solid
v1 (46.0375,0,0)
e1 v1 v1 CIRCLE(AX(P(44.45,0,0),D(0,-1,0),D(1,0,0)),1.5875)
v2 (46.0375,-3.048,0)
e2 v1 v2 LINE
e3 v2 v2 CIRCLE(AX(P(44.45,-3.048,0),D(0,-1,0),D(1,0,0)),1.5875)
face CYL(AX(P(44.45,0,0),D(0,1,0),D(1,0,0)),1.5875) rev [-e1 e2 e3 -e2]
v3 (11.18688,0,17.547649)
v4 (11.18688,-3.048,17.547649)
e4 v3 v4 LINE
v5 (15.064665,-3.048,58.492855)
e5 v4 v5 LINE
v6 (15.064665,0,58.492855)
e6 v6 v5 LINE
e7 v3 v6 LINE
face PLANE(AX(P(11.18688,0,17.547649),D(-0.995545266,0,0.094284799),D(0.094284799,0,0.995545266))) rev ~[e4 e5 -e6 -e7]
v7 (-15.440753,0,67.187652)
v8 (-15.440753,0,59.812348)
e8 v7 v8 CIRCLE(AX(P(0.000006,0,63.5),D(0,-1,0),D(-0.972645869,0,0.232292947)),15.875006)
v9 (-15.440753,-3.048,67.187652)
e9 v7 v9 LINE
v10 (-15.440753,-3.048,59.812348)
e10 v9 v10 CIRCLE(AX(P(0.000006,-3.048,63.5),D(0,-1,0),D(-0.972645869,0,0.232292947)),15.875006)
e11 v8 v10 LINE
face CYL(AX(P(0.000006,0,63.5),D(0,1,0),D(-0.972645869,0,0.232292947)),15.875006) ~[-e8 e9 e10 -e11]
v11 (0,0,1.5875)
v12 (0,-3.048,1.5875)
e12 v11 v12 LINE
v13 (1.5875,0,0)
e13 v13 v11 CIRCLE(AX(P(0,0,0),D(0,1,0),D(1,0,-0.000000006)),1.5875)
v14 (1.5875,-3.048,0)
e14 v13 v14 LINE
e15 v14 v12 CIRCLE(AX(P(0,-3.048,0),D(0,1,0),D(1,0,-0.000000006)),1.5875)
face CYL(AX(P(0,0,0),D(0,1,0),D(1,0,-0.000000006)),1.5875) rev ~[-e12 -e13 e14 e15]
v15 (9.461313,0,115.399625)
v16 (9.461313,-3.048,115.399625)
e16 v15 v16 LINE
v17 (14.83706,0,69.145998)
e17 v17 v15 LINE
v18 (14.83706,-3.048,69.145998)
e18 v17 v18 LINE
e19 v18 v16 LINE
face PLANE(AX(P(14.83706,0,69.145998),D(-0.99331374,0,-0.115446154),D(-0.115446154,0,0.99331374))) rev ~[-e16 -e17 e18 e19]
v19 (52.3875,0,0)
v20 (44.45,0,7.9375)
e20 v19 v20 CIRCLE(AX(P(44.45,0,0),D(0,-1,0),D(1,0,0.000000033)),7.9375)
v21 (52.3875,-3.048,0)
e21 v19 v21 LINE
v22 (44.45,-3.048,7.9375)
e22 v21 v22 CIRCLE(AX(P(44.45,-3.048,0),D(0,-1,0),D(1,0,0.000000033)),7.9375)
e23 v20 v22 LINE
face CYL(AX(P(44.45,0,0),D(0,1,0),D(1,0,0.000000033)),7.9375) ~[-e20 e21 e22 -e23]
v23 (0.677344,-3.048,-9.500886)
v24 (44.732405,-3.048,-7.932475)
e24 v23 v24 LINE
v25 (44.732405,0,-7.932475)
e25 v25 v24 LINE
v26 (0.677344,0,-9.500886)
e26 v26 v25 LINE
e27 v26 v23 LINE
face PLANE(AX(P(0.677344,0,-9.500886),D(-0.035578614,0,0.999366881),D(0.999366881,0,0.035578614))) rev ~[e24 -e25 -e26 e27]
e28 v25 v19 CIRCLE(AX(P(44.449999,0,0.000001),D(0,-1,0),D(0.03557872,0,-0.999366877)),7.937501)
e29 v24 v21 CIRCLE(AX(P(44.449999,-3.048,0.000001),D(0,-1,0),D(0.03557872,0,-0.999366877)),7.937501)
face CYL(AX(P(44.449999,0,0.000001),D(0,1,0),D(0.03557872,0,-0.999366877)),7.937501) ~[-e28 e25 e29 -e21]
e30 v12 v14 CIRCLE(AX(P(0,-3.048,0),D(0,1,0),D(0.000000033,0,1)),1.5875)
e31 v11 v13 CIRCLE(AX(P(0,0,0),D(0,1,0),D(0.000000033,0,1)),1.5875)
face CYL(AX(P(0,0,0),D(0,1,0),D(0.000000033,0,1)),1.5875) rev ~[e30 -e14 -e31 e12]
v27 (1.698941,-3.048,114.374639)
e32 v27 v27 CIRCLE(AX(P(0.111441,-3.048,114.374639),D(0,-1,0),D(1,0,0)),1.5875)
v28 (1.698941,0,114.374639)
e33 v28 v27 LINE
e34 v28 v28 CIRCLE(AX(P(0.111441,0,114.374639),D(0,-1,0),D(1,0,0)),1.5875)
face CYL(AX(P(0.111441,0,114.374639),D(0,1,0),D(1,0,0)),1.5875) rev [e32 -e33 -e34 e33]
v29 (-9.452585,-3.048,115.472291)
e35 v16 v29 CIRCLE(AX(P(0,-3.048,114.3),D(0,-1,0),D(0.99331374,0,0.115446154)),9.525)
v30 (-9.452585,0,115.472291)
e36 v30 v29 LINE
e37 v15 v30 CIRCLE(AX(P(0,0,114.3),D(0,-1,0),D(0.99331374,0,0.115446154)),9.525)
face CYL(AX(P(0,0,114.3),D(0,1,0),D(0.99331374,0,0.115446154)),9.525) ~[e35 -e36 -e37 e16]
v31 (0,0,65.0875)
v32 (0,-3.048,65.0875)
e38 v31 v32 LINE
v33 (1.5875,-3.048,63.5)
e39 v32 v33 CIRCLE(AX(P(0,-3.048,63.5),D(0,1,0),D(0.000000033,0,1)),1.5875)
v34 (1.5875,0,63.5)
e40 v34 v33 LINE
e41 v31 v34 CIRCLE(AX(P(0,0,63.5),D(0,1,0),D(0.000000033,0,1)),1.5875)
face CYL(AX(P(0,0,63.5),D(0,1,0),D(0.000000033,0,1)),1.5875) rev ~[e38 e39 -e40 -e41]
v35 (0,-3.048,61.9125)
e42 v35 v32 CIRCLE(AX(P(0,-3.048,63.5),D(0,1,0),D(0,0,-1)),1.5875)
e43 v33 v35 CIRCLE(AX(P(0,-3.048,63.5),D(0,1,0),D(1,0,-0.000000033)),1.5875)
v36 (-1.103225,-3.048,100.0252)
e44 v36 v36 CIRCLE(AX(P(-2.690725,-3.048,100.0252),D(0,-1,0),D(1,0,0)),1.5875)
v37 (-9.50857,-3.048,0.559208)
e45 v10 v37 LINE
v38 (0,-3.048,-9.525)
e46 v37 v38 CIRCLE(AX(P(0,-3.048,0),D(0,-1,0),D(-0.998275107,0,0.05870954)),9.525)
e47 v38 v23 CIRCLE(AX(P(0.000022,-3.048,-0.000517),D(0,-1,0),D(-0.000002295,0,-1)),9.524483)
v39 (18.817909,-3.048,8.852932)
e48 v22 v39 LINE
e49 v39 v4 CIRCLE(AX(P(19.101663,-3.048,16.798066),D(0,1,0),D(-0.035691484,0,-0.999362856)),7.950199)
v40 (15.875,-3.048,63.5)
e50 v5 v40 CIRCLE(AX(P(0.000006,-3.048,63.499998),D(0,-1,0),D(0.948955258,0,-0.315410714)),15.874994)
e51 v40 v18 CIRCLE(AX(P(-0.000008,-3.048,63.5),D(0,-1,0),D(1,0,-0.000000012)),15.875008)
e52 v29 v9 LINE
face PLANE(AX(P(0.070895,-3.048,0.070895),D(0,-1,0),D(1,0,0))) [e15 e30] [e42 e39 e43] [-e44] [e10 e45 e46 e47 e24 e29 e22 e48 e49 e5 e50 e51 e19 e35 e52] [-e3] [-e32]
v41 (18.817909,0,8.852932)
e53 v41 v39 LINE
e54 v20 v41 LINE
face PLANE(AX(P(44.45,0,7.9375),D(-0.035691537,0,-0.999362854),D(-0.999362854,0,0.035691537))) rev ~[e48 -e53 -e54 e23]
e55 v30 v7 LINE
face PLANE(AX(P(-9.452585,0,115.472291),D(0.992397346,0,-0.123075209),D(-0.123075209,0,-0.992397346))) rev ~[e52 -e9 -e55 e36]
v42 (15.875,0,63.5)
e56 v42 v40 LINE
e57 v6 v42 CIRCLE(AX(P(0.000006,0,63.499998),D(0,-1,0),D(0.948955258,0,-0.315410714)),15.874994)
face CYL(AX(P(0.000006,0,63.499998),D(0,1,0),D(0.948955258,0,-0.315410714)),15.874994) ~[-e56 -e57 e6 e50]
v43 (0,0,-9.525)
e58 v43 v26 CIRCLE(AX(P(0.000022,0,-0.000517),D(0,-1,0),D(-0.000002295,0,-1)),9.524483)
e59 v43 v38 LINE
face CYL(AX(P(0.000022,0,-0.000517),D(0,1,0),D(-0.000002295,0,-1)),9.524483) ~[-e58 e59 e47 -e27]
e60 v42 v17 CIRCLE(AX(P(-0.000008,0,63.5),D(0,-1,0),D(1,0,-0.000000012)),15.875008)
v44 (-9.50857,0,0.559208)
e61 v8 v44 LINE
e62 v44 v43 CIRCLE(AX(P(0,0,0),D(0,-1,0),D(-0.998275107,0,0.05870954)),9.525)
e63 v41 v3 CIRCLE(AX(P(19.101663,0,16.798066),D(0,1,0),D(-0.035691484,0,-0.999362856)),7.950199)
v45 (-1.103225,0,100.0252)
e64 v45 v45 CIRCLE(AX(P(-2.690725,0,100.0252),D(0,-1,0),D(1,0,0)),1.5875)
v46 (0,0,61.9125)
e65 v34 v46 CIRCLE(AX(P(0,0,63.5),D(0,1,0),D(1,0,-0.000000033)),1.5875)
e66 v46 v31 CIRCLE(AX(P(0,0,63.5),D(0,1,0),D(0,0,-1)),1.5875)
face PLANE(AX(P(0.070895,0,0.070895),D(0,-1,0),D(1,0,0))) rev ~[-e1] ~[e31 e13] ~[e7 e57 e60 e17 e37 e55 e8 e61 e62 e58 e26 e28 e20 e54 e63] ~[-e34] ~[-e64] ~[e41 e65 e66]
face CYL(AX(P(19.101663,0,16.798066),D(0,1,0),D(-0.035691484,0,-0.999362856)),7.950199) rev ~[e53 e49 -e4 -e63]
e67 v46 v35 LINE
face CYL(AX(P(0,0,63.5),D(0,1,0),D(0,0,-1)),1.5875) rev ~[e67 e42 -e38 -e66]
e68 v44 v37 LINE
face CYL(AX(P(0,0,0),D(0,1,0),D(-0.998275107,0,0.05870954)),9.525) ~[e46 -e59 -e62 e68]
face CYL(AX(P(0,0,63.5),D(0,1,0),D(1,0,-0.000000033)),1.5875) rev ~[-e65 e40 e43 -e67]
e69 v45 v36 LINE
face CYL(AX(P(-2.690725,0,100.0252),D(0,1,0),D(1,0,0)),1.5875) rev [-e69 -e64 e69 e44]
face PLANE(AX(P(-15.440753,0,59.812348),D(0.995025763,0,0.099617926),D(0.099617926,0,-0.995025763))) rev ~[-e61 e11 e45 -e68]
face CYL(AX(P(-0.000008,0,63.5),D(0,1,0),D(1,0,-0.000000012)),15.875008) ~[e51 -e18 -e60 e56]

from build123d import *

# Parameters (mm, degrees)
F0_R     = 1.5875
F1_DEPTH = 3.048


with BuildPart() as f1:
    # F0 (on Front) → F1 (new body)
    with BuildSketch(Plane.XZ):
        with BuildLine():
            ThreePointArc((1.5875, 0), (1.122532, 1.122532), (0, 1.5875))
            ThreePointArc((0, 1.5875), (-1.122532, -1.122532), (1.5875, 0))
        make_face()
        with BuildLine():
            ThreePointArc((0.677344, -9.500886), (6.970557, -6.491299), (9.525, 0))
            ThreePointArc((9.525, 0), (6.735192, 6.735192), (0, 9.525))
            ThreePointArc((0, 9.525), (-6.534492, 6.930082), (-9.50857, 0.559208))
            ThreePointArc((-9.50857, 0.559208), (-6.930082, -6.534492), (0, -9.525))
            Line((0, -9.525), (0.677344, -9.500886))
        make_face()
        with BuildLine():
            ThreePointArc((1.5875, 0), (-1.122532, -1.122532), (0, 1.5875))
            ThreePointArc((0, 1.5875), (1.122532, 1.122532), (1.5875, 0))
        make_face(mode=Mode.SUBTRACT)
        with BuildLine():
            ThreePointArc((0, 9.525), (6.735192, 6.735192), (9.525, 0))
            ThreePointArc((9.525, 0), (6.970557, -6.491299), (0.677344, -9.500886))
            Line((0.677344, -9.500886), (44.732405, -7.932475))
            ThreePointArc((44.732405, -7.932475), (36.513756, -0.141225), (44.45, 7.9375))
            Line((44.45, 7.9375), (18.817909, 8.852932))
            ThreePointArc((18.817909, 8.852932), (13.12642, 11.553818), (11.18688, 17.547649))
            Line((11.18688, 17.547649), (15.064665, 58.492855))
            ThreePointArc((15.064665, 58.492855), (9.28782, 50.625528), (0, 47.625))
            Line((0, 47.625), (0, 9.525))
        make_face()
        with BuildLine():
            ThreePointArc((-9.50857, 0.559208), (-6.534492, 6.930082), (0, 9.525))
            Line((0, 9.525), (0, 47.625))
            ThreePointArc((0, 47.625), (-9.835501, 51.038918), (-15.440753, 59.812348))
            Line((-15.440753, 59.812348), (-9.50857, 0.559208))
        make_face()
        with BuildLine():
            ThreePointArc((0, -9.525), (0.338886, -9.51897), (0.677344, -9.500886))
            Line((0.677344, -9.500886), (0, -9.525))
        make_face()
        with BuildLine():
            Line((0, 61.9125), (0, 47.625))
            ThreePointArc((0, 47.625), (9.28782, 50.625528), (15.064665, 58.492855))
            ThreePointArc((15.064665, 58.492855), (15.671107, 60.963854), (15.875, 63.5))
            ThreePointArc((15.875, 63.5), (15.613359, 66.370305), (14.83706, 69.145998))
            ThreePointArc((14.83706, 69.145998), (9.0107, 76.569924), (0, 79.375))
            Line((0, 79.375), (0, 65.0875))
            ThreePointArc((0, 65.0875), (1.122532, 64.622532), (1.5875, 63.5))
            ThreePointArc((1.5875, 63.5), (1.122532, 62.377468), (0, 61.9125))
        make_face()
        with BuildLine():
            ThreePointArc((-15.440753, 59.812348), (-9.835501, 51.038918), (0, 47.625))
            Line((0, 47.625), (0, 61.9125))
            ThreePointArc((0, 61.9125), (-1.5875, 63.5), (0, 65.0875))
            Line((0, 65.0875), (0, 79.375))
            ThreePointArc((0, 79.375), (-9.835501, 75.961082), (-15.440753, 67.187652))
            ThreePointArc((-15.440753, 67.187652), (-15.875, 63.5), (-15.440753, 59.812348))
        make_face()
        with BuildLine():
            ThreePointArc((44.45, 7.9375), (36.513756, -0.141225), (44.732405, -7.932475))
            ThreePointArc((44.732405, -7.932475), (50.161633, -5.51191), (52.3875, 0))
            ThreePointArc((52.3875, 0), (50.06266, 5.61266), (44.45, 7.9375))
        make_face()
        with Locations((44.45, 0)):
            Circle(F0_R, mode=Mode.SUBTRACT)
        with BuildLine():
            Line((-9.452585, 115.472291), (-15.440753, 67.187652))
            ThreePointArc((-15.440753, 67.187652), (-9.835501, 75.961082), (0, 79.375))
            ThreePointArc((0, 79.375), (9.0107, 76.569924), (14.83706, 69.145998))
            Line((14.83706, 69.145998), (9.461313, 115.399625))
            ThreePointArc((9.461313, 115.399625), (9.509065, 114.850734), (9.525, 114.3))
            ThreePointArc((9.525, 114.3), (-0.587263, 104.793121), (-9.452585, 115.472291))
        make_face()
        with Locations((-2.690725, 100.0252)):
            Circle(F0_R, mode=Mode.SUBTRACT)
        with BuildLine():
            ThreePointArc((9.461313, 115.399625), (0.036594, 123.82493), (-9.452585, 115.472291))
            ThreePointArc((-9.452585, 115.472291), (-0.587263, 104.793121), (9.525, 114.3))
            ThreePointArc((9.525, 114.3), (9.509065, 114.850734), (9.461313, 115.399625))
        make_face()
        with Locations((0.111441, 114.374639)):
            Circle(F0_R, mode=Mode.SUBTRACT)
    extrude(amount=F1_DEPTH)


solid = f1.part
